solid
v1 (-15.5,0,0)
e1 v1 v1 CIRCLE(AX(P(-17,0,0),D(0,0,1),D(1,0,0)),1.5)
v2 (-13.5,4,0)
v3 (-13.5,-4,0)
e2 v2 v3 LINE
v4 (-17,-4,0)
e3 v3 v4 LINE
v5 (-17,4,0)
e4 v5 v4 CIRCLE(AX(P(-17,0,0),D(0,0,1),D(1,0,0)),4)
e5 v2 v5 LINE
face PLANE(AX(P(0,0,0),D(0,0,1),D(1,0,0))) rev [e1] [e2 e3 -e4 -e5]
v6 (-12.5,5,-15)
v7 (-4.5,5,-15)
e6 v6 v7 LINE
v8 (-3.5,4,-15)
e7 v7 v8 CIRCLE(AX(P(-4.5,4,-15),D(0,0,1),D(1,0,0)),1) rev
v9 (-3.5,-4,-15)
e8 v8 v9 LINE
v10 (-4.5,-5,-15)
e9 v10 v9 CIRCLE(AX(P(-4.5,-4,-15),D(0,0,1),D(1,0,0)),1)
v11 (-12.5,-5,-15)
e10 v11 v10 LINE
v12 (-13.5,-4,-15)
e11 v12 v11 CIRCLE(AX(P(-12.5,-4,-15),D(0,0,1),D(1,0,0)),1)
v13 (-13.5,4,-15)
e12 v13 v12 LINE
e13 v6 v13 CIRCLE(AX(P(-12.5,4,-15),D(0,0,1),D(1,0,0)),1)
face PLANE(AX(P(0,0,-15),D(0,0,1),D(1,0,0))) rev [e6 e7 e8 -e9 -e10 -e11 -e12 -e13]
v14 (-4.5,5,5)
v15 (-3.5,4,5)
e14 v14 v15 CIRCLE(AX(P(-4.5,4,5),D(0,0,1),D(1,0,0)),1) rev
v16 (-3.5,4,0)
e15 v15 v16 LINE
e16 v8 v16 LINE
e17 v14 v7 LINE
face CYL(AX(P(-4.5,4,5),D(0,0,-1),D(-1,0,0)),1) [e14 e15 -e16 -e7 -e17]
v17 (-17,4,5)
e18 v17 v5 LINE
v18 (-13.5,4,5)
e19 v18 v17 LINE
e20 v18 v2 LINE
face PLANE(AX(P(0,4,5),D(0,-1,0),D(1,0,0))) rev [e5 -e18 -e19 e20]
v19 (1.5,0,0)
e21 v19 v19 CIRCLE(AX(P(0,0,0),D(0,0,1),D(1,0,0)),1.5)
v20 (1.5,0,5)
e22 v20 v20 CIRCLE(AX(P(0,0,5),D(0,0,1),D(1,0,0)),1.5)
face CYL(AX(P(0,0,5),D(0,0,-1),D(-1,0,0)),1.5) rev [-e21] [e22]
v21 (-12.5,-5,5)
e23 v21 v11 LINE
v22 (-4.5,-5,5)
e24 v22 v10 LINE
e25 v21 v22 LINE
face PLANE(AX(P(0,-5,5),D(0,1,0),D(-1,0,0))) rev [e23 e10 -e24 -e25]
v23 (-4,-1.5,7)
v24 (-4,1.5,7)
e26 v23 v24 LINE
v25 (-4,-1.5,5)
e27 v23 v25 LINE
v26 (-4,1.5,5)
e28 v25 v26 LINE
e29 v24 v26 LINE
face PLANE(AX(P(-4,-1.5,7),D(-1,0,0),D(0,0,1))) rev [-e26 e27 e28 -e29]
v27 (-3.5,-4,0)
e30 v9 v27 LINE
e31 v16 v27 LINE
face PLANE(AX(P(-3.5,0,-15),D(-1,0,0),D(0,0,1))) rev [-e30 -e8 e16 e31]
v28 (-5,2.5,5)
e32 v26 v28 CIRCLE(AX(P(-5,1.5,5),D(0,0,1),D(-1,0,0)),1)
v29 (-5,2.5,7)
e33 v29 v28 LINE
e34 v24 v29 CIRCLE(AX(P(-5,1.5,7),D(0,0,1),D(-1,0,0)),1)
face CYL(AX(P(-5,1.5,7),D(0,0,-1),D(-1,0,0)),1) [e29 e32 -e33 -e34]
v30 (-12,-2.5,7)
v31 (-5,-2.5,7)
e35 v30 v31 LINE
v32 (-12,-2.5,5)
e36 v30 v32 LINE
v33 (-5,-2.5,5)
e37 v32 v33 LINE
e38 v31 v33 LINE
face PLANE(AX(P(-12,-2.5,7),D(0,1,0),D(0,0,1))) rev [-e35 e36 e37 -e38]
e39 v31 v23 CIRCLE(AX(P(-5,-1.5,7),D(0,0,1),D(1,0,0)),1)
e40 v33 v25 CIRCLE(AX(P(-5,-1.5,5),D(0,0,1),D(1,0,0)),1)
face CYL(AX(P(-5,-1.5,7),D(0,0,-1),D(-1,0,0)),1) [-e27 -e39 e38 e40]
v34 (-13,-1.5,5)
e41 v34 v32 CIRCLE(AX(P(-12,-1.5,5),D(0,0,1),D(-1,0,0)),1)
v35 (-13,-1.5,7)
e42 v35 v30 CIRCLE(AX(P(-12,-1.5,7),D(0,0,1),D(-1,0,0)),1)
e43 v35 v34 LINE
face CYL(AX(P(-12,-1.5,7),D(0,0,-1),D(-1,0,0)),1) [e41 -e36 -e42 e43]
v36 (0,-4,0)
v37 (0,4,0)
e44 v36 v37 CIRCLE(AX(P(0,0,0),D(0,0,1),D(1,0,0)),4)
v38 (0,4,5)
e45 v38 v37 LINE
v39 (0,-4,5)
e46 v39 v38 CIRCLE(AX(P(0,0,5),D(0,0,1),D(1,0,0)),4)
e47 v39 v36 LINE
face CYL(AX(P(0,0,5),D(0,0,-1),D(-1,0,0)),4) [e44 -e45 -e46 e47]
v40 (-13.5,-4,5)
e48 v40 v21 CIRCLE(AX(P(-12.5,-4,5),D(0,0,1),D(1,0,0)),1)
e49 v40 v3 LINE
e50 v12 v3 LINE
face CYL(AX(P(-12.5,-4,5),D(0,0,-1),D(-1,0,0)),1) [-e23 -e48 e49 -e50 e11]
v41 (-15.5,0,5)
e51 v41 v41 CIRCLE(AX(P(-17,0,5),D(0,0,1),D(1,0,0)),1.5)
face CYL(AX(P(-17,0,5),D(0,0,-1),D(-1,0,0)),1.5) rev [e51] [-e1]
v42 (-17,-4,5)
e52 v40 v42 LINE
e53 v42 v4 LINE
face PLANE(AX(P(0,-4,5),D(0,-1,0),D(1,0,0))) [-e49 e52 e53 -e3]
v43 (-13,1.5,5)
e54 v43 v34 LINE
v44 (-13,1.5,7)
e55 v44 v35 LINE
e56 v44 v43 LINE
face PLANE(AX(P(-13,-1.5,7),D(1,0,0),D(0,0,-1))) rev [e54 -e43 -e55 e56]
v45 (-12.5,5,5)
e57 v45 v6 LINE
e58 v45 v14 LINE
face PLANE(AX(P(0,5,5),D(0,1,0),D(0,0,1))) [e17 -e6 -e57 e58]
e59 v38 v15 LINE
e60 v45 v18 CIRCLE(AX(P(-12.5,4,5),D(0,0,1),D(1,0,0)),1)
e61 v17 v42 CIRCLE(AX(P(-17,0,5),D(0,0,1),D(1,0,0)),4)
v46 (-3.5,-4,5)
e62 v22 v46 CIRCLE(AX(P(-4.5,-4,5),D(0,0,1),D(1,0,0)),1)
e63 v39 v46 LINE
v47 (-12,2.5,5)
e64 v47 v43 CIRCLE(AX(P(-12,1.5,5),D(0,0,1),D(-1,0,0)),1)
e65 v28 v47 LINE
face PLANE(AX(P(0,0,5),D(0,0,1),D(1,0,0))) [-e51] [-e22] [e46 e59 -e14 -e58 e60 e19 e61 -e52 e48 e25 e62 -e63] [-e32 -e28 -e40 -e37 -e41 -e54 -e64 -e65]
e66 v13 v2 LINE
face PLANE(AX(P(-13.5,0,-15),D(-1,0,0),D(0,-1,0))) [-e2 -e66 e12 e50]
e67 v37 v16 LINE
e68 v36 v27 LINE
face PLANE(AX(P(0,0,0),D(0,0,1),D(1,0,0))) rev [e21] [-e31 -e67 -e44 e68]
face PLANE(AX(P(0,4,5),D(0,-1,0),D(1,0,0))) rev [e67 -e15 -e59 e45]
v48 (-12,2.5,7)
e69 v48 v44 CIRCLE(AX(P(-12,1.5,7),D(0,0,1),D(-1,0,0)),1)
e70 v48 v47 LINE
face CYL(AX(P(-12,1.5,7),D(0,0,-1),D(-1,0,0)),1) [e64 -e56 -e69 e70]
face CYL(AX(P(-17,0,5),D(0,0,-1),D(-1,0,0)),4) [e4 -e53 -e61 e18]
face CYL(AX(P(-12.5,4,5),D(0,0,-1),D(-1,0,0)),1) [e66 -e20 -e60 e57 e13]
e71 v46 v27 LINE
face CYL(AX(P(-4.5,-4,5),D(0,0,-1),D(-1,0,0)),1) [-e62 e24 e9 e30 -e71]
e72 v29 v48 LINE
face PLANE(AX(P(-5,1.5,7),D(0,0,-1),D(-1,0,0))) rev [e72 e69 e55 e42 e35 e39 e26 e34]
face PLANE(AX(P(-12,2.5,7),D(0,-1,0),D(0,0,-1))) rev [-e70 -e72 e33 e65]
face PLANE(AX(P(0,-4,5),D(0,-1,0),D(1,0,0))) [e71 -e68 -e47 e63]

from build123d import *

# Parameters (mm, degrees)
SKETCH2_R           = 1.5
BOSS_EXTRUDE1_DEPTH = 5
BOSS_EXTRUDE2_DEPTH = 2
BOSS_EXTRUDE3_START = -15
BOSS_EXTRUDE3_DEPTH = 15


with BuildPart() as part:
    # Sketch2 → Boss-Extrude1 (new body)
    with BuildSketch(Plane.XY):
        with BuildLine():
            Line((0, 4), (-3.5, 4))
            ThreePointArc((-3.5, 4), (-3.792893219, 4.707106781), (-4.5, 5))
            Line((-4.5, 5), (-12.5, 5))
            ThreePointArc((-12.5, 5), (-13.207106781, 4.707106781), (-13.5, 4))
            Line((-13.5, 4), (-17, 4))
            ThreePointArc((-17, 4), (-21, 0), (-17, -4))
            Line((-17, -4), (-13.5, -4))
            ThreePointArc((-13.5, -4), (-13.207106781, -4.707106781), (-12.5, -5))
            Line((-12.5, -5), (-4.5, -5))
            ThreePointArc((-4.5, -5), (-3.792893219, -4.707106781), (-3.5, -4))
            Line((-3.5, -4), (0, -4))
            ThreePointArc((0, -4), (4, 0), (0, 4))
        make_face()
        Circle(SKETCH2_R, mode=Mode.SUBTRACT)
        with Locations((-17, 0)):
            Circle(SKETCH2_R, mode=Mode.SUBTRACT)
    extrude(amount=BOSS_EXTRUDE1_DEPTH)

    # Sketch3 → Boss-Extrude2 (add)
    with BuildSketch(Plane.XY.offset(5)):
        with BuildLine():
            Line((-12, -2.5), (-5, -2.5))
            ThreePointArc((-5, -2.5), (-4.292893219, -2.207106781), (-4, -1.5))
            Line((-4, -1.5), (-4, 1.5))
            ThreePointArc((-4, 1.5), (-4.292893219, 2.207106781), (-5, 2.5))
            Line((-5, 2.5), (-12, 2.5))
            ThreePointArc((-12, 2.5), (-12.707106781, 2.207106781), (-13, 1.5))
            Line((-13, 1.5), (-13, -1.5))
            ThreePointArc((-13, -1.5), (-12.707106781, -2.207106781), (-12, -2.5))
        make_face()
    extrude(amount=BOSS_EXTRUDE2_DEPTH)

    # Sketch2<3> → Boss-Extrude3 (add)
    with BuildSketch(Plane.XY.offset(BOSS_EXTRUDE3_START)):
        with BuildLine():
            Line((-3.5, -4), (-3.5, 4))
            ThreePointArc((-3.5, 4), (-3.792893219, 4.707106781), (-4.5, 5))
            Line((-4.5, 5), (-12.5, 5))
            ThreePointArc((-12.5, 5), (-13.207106781, 4.707106781), (-13.5, 4))
            Line((-13.5, 4), (-13.5, -4))
            ThreePointArc((-13.5, -4), (-13.207106781, -4.707106781), (-12.5, -5))
            Line((-12.5, -5), (-4.5, -5))
            ThreePointArc((-4.5, -5), (-3.792893219, -4.707106781), (-3.5, -4))
        make_face()
    extrude(amount=BOSS_EXTRUDE3_DEPTH)


solid = part.part
